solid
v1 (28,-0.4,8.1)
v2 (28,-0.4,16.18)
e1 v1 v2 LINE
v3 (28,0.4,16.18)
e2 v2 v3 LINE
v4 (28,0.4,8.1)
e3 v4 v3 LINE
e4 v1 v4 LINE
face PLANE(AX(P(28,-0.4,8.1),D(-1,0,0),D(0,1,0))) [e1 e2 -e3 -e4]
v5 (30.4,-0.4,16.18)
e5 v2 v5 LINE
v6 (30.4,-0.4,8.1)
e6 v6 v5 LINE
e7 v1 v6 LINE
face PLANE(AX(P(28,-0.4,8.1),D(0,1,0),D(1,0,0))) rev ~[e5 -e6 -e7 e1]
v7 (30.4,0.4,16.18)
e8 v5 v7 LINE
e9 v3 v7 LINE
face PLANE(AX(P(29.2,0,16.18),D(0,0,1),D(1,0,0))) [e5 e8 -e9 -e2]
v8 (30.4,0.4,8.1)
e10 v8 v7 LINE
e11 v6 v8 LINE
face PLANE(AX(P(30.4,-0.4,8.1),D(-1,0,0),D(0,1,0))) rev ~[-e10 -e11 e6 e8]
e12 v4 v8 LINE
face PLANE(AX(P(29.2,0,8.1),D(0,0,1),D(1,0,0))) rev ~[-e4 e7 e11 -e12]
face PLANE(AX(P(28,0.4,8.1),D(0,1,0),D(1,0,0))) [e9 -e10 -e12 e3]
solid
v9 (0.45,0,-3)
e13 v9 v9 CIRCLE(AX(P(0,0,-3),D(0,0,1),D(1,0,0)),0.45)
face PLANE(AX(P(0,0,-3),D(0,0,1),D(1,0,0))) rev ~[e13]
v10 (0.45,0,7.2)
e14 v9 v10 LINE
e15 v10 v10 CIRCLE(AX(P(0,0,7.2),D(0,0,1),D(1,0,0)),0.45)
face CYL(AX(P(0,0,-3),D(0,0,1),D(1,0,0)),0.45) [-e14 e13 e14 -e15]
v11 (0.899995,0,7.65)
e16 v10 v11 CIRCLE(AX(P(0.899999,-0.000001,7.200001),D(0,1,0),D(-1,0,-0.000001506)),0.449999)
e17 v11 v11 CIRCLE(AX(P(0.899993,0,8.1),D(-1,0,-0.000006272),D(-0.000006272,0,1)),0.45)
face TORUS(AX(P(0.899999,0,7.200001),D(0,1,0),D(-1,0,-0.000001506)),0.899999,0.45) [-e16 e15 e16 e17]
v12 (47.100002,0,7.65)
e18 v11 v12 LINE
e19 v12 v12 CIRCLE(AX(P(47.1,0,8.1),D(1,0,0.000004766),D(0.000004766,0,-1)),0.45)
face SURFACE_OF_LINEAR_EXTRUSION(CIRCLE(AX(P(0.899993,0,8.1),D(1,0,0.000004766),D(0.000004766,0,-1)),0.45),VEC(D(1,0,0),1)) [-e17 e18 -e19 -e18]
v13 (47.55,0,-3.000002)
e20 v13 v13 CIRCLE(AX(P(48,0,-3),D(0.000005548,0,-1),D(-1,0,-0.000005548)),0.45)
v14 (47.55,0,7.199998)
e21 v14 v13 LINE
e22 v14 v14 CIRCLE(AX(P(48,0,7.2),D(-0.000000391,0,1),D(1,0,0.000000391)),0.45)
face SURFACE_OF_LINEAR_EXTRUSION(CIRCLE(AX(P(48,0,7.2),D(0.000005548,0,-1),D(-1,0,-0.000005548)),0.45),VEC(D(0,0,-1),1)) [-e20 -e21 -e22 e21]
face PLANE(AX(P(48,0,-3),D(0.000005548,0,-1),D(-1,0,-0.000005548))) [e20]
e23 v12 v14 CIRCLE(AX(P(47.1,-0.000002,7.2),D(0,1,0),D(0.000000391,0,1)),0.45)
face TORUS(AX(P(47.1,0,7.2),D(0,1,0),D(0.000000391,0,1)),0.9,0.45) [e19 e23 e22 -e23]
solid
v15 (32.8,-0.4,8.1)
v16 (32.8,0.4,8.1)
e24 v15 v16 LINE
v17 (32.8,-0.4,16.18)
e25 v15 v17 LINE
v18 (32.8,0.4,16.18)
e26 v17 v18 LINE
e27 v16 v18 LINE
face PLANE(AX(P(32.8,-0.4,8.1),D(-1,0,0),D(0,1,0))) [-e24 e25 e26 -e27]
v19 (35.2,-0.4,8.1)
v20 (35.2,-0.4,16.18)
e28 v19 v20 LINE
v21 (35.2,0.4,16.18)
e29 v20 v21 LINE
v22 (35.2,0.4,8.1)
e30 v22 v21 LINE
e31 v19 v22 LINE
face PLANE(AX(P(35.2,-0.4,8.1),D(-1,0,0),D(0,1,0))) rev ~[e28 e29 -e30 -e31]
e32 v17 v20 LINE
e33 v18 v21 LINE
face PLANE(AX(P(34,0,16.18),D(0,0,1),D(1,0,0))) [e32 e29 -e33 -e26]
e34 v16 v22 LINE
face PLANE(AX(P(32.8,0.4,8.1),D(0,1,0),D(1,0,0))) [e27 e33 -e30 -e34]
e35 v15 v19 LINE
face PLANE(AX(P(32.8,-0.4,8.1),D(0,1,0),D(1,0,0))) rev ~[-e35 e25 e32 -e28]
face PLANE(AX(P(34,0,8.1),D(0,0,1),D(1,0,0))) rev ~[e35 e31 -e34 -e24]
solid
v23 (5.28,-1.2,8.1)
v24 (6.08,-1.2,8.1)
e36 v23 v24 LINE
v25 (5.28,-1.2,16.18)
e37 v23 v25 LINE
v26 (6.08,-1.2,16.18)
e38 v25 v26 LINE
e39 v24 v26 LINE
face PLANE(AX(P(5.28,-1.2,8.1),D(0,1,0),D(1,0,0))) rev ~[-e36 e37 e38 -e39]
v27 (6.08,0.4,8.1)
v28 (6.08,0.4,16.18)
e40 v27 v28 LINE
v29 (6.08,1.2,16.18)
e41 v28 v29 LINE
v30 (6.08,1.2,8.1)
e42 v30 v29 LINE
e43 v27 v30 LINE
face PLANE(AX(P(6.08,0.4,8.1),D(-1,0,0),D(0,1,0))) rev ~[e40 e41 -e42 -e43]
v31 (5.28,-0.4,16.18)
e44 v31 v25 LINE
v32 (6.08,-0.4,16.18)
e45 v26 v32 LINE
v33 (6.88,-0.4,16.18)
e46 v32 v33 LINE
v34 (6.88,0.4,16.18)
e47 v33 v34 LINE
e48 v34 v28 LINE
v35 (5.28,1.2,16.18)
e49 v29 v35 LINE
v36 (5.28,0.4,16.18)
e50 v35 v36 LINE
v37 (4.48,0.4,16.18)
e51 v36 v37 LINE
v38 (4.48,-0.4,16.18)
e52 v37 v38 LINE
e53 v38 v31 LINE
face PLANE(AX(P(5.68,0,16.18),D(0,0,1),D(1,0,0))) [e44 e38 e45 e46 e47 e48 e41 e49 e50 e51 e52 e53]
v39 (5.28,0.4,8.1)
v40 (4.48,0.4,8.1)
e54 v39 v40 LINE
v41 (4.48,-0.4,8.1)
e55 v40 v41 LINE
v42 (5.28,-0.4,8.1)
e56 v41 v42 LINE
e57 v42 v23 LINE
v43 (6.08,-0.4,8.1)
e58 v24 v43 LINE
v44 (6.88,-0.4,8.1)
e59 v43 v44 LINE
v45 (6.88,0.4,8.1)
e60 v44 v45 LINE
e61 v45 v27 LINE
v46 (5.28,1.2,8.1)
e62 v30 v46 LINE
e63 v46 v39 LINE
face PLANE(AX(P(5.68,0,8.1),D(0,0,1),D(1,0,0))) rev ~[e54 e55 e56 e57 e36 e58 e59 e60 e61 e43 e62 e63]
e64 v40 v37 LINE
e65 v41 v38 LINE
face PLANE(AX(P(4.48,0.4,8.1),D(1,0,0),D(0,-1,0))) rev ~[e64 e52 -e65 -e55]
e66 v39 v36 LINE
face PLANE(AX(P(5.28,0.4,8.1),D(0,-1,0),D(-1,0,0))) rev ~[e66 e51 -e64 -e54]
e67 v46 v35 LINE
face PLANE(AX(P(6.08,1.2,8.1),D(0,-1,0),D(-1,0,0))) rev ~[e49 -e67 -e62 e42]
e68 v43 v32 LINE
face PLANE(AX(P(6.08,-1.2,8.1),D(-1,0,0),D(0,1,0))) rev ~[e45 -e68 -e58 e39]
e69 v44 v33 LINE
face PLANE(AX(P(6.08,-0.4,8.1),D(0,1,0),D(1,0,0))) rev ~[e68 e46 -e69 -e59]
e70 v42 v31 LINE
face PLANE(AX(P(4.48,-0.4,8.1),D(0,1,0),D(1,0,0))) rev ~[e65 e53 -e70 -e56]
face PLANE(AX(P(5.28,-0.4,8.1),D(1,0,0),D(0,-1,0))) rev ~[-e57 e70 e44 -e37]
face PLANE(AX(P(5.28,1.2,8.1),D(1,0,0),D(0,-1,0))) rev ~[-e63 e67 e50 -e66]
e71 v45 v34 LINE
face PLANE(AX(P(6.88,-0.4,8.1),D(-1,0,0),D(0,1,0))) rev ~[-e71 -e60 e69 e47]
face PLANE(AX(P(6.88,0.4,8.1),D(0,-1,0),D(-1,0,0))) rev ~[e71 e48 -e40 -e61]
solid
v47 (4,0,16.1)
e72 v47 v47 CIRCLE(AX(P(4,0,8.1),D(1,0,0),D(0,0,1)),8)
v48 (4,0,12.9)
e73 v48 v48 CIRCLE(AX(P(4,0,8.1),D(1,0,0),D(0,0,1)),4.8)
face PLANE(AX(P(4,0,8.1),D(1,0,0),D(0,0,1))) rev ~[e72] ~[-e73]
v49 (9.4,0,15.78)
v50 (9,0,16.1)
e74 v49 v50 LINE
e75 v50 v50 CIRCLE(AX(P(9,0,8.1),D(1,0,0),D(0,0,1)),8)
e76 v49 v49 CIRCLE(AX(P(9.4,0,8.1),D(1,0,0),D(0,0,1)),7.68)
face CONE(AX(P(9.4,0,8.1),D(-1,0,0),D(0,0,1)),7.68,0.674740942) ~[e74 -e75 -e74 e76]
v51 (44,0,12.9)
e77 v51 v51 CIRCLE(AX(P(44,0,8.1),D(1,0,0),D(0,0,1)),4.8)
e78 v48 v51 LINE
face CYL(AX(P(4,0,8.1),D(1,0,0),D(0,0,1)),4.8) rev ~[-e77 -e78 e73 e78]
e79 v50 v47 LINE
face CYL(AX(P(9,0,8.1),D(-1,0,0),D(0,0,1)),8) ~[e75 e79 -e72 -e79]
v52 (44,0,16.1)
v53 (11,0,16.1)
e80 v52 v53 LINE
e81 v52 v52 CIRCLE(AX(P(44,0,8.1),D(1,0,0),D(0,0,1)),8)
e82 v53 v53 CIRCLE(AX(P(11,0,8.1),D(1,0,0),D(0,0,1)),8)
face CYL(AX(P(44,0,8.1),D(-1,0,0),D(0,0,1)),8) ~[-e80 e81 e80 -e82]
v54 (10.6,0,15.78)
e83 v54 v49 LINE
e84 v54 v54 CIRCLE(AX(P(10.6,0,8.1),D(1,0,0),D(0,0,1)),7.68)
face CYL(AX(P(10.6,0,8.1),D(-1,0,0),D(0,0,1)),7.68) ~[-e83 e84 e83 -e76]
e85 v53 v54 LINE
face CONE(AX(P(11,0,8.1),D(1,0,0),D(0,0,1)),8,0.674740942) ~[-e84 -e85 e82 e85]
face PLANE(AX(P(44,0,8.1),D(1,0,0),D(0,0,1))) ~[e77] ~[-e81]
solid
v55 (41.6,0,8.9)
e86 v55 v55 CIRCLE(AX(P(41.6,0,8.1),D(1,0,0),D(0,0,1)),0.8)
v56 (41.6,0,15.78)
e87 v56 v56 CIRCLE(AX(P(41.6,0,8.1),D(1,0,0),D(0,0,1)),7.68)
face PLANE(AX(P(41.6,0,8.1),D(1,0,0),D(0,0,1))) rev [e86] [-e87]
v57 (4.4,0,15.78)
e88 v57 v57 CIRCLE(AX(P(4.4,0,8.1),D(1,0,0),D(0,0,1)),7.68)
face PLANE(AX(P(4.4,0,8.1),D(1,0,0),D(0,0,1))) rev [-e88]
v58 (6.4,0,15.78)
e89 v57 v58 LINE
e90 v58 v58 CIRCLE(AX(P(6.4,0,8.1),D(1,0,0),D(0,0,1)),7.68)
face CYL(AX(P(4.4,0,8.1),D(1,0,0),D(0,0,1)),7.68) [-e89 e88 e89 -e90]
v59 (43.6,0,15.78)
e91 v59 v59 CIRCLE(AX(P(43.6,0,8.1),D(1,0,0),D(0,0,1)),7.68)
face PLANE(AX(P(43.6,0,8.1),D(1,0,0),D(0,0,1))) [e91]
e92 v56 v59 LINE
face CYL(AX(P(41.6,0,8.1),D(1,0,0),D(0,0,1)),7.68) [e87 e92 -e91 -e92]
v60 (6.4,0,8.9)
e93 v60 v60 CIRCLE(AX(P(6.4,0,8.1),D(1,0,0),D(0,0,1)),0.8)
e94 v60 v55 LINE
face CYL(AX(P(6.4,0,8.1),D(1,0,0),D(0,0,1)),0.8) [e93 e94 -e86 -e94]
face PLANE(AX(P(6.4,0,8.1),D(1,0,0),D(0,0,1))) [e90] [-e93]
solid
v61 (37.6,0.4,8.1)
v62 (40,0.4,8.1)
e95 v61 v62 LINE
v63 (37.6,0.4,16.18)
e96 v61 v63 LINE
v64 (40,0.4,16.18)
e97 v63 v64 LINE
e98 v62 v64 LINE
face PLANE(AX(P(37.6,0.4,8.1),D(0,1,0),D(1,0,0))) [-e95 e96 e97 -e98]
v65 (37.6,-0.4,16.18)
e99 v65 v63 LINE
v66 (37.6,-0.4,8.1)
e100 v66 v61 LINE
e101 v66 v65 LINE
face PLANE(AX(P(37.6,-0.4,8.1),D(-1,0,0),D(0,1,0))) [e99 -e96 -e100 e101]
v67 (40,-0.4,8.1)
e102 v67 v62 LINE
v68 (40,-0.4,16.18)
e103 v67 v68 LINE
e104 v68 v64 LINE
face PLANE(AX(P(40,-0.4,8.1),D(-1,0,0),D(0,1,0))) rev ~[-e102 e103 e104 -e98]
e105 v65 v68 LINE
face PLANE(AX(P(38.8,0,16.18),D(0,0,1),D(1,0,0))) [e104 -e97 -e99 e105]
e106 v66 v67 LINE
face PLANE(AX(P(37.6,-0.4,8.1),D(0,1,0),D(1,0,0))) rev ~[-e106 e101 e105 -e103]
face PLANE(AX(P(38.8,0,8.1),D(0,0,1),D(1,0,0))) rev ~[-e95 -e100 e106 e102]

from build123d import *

# Parameters (mm, degrees)
SKETCH_R    = 0.45
SKETCH004_W = 2.4
SKETCH004_H = 0.8
PAD_DEPTH   = 8.08


with BuildPart() as sweep_body:
    # Sweep: sweep along a path in Sketch001
    with BuildLine(Plane.XZ) as sweep_path:
        Line((0, -3), (0, 7.2))
        ThreePointArc((0, 7.2), (0.263601, 7.836394), (0.899993, 8.1))
        Line((0.899993, 8.1), (47.1, 8.1))
        ThreePointArc((47.1, 8.1), (47.736396, 7.836396), (48, 7.2))
        Line((48, 7.2), (48, -3))
    # Sketch → Sweep (sweep)
    with BuildSketch(Plane.XY.offset(-2)):
        Circle(SKETCH_R)
    sweep(path=sweep_path.line)


with BuildPart() as revolution:
    # Sketch002 → Revolution (revolve)
    with BuildSketch(Plane.XZ):
        Polygon((4, 16.1), (4, 12.9), (44, 12.9), (44, 16.1), (11, 16.1), (10.6, 15.78), (9.4, 15.78), (9, 16.1), align=None)
    revolve(axis=Axis((6.97588, 0, 8.1), (1, 0, 0)))


with BuildPart() as revolution001:
    # Sketch003 → Revolution001 (revolve)
    with BuildSketch(Plane.XZ):
        Polygon((4.4, 15.78), (6.4, 15.78), (6.4, 8.9), (41.6, 8.9), (41.6, 15.78), (43.6, 15.78), (43.6, 8.1), (4.4, 8.1), align=None)
    revolve(axis=Axis((6.97588, 0, 8.1), (1, 0, 0)))


with BuildPart() as pad:
    # Sketch004 → Pad (new body)
    with BuildSketch(Plane.XY.offset(8.1)):
        with Locations((38.8, 0)):
            Rectangle(SKETCH004_W, SKETCH004_H)
        with Locations((34, 0)):
            Rectangle(SKETCH004_W, SKETCH004_H)
        with Locations((29.2, 0)):
            Rectangle(SKETCH004_W, SKETCH004_H)
        Polygon((5.28, 0.4), (4.48, 0.4), (4.48, -0.4), (5.28, -0.4), (5.28, -1.2), (6.08, -1.2), (6.08, -0.4), (6.88, -0.4), (6.88, 0.4), (6.08, 0.4), (6.08, 1.2), (5.28, 1.2), align=None)
    extrude(amount=PAD_DEPTH)


solid = Compound([sweep_body.part, revolution.part, revolution001.part, pad.part])
